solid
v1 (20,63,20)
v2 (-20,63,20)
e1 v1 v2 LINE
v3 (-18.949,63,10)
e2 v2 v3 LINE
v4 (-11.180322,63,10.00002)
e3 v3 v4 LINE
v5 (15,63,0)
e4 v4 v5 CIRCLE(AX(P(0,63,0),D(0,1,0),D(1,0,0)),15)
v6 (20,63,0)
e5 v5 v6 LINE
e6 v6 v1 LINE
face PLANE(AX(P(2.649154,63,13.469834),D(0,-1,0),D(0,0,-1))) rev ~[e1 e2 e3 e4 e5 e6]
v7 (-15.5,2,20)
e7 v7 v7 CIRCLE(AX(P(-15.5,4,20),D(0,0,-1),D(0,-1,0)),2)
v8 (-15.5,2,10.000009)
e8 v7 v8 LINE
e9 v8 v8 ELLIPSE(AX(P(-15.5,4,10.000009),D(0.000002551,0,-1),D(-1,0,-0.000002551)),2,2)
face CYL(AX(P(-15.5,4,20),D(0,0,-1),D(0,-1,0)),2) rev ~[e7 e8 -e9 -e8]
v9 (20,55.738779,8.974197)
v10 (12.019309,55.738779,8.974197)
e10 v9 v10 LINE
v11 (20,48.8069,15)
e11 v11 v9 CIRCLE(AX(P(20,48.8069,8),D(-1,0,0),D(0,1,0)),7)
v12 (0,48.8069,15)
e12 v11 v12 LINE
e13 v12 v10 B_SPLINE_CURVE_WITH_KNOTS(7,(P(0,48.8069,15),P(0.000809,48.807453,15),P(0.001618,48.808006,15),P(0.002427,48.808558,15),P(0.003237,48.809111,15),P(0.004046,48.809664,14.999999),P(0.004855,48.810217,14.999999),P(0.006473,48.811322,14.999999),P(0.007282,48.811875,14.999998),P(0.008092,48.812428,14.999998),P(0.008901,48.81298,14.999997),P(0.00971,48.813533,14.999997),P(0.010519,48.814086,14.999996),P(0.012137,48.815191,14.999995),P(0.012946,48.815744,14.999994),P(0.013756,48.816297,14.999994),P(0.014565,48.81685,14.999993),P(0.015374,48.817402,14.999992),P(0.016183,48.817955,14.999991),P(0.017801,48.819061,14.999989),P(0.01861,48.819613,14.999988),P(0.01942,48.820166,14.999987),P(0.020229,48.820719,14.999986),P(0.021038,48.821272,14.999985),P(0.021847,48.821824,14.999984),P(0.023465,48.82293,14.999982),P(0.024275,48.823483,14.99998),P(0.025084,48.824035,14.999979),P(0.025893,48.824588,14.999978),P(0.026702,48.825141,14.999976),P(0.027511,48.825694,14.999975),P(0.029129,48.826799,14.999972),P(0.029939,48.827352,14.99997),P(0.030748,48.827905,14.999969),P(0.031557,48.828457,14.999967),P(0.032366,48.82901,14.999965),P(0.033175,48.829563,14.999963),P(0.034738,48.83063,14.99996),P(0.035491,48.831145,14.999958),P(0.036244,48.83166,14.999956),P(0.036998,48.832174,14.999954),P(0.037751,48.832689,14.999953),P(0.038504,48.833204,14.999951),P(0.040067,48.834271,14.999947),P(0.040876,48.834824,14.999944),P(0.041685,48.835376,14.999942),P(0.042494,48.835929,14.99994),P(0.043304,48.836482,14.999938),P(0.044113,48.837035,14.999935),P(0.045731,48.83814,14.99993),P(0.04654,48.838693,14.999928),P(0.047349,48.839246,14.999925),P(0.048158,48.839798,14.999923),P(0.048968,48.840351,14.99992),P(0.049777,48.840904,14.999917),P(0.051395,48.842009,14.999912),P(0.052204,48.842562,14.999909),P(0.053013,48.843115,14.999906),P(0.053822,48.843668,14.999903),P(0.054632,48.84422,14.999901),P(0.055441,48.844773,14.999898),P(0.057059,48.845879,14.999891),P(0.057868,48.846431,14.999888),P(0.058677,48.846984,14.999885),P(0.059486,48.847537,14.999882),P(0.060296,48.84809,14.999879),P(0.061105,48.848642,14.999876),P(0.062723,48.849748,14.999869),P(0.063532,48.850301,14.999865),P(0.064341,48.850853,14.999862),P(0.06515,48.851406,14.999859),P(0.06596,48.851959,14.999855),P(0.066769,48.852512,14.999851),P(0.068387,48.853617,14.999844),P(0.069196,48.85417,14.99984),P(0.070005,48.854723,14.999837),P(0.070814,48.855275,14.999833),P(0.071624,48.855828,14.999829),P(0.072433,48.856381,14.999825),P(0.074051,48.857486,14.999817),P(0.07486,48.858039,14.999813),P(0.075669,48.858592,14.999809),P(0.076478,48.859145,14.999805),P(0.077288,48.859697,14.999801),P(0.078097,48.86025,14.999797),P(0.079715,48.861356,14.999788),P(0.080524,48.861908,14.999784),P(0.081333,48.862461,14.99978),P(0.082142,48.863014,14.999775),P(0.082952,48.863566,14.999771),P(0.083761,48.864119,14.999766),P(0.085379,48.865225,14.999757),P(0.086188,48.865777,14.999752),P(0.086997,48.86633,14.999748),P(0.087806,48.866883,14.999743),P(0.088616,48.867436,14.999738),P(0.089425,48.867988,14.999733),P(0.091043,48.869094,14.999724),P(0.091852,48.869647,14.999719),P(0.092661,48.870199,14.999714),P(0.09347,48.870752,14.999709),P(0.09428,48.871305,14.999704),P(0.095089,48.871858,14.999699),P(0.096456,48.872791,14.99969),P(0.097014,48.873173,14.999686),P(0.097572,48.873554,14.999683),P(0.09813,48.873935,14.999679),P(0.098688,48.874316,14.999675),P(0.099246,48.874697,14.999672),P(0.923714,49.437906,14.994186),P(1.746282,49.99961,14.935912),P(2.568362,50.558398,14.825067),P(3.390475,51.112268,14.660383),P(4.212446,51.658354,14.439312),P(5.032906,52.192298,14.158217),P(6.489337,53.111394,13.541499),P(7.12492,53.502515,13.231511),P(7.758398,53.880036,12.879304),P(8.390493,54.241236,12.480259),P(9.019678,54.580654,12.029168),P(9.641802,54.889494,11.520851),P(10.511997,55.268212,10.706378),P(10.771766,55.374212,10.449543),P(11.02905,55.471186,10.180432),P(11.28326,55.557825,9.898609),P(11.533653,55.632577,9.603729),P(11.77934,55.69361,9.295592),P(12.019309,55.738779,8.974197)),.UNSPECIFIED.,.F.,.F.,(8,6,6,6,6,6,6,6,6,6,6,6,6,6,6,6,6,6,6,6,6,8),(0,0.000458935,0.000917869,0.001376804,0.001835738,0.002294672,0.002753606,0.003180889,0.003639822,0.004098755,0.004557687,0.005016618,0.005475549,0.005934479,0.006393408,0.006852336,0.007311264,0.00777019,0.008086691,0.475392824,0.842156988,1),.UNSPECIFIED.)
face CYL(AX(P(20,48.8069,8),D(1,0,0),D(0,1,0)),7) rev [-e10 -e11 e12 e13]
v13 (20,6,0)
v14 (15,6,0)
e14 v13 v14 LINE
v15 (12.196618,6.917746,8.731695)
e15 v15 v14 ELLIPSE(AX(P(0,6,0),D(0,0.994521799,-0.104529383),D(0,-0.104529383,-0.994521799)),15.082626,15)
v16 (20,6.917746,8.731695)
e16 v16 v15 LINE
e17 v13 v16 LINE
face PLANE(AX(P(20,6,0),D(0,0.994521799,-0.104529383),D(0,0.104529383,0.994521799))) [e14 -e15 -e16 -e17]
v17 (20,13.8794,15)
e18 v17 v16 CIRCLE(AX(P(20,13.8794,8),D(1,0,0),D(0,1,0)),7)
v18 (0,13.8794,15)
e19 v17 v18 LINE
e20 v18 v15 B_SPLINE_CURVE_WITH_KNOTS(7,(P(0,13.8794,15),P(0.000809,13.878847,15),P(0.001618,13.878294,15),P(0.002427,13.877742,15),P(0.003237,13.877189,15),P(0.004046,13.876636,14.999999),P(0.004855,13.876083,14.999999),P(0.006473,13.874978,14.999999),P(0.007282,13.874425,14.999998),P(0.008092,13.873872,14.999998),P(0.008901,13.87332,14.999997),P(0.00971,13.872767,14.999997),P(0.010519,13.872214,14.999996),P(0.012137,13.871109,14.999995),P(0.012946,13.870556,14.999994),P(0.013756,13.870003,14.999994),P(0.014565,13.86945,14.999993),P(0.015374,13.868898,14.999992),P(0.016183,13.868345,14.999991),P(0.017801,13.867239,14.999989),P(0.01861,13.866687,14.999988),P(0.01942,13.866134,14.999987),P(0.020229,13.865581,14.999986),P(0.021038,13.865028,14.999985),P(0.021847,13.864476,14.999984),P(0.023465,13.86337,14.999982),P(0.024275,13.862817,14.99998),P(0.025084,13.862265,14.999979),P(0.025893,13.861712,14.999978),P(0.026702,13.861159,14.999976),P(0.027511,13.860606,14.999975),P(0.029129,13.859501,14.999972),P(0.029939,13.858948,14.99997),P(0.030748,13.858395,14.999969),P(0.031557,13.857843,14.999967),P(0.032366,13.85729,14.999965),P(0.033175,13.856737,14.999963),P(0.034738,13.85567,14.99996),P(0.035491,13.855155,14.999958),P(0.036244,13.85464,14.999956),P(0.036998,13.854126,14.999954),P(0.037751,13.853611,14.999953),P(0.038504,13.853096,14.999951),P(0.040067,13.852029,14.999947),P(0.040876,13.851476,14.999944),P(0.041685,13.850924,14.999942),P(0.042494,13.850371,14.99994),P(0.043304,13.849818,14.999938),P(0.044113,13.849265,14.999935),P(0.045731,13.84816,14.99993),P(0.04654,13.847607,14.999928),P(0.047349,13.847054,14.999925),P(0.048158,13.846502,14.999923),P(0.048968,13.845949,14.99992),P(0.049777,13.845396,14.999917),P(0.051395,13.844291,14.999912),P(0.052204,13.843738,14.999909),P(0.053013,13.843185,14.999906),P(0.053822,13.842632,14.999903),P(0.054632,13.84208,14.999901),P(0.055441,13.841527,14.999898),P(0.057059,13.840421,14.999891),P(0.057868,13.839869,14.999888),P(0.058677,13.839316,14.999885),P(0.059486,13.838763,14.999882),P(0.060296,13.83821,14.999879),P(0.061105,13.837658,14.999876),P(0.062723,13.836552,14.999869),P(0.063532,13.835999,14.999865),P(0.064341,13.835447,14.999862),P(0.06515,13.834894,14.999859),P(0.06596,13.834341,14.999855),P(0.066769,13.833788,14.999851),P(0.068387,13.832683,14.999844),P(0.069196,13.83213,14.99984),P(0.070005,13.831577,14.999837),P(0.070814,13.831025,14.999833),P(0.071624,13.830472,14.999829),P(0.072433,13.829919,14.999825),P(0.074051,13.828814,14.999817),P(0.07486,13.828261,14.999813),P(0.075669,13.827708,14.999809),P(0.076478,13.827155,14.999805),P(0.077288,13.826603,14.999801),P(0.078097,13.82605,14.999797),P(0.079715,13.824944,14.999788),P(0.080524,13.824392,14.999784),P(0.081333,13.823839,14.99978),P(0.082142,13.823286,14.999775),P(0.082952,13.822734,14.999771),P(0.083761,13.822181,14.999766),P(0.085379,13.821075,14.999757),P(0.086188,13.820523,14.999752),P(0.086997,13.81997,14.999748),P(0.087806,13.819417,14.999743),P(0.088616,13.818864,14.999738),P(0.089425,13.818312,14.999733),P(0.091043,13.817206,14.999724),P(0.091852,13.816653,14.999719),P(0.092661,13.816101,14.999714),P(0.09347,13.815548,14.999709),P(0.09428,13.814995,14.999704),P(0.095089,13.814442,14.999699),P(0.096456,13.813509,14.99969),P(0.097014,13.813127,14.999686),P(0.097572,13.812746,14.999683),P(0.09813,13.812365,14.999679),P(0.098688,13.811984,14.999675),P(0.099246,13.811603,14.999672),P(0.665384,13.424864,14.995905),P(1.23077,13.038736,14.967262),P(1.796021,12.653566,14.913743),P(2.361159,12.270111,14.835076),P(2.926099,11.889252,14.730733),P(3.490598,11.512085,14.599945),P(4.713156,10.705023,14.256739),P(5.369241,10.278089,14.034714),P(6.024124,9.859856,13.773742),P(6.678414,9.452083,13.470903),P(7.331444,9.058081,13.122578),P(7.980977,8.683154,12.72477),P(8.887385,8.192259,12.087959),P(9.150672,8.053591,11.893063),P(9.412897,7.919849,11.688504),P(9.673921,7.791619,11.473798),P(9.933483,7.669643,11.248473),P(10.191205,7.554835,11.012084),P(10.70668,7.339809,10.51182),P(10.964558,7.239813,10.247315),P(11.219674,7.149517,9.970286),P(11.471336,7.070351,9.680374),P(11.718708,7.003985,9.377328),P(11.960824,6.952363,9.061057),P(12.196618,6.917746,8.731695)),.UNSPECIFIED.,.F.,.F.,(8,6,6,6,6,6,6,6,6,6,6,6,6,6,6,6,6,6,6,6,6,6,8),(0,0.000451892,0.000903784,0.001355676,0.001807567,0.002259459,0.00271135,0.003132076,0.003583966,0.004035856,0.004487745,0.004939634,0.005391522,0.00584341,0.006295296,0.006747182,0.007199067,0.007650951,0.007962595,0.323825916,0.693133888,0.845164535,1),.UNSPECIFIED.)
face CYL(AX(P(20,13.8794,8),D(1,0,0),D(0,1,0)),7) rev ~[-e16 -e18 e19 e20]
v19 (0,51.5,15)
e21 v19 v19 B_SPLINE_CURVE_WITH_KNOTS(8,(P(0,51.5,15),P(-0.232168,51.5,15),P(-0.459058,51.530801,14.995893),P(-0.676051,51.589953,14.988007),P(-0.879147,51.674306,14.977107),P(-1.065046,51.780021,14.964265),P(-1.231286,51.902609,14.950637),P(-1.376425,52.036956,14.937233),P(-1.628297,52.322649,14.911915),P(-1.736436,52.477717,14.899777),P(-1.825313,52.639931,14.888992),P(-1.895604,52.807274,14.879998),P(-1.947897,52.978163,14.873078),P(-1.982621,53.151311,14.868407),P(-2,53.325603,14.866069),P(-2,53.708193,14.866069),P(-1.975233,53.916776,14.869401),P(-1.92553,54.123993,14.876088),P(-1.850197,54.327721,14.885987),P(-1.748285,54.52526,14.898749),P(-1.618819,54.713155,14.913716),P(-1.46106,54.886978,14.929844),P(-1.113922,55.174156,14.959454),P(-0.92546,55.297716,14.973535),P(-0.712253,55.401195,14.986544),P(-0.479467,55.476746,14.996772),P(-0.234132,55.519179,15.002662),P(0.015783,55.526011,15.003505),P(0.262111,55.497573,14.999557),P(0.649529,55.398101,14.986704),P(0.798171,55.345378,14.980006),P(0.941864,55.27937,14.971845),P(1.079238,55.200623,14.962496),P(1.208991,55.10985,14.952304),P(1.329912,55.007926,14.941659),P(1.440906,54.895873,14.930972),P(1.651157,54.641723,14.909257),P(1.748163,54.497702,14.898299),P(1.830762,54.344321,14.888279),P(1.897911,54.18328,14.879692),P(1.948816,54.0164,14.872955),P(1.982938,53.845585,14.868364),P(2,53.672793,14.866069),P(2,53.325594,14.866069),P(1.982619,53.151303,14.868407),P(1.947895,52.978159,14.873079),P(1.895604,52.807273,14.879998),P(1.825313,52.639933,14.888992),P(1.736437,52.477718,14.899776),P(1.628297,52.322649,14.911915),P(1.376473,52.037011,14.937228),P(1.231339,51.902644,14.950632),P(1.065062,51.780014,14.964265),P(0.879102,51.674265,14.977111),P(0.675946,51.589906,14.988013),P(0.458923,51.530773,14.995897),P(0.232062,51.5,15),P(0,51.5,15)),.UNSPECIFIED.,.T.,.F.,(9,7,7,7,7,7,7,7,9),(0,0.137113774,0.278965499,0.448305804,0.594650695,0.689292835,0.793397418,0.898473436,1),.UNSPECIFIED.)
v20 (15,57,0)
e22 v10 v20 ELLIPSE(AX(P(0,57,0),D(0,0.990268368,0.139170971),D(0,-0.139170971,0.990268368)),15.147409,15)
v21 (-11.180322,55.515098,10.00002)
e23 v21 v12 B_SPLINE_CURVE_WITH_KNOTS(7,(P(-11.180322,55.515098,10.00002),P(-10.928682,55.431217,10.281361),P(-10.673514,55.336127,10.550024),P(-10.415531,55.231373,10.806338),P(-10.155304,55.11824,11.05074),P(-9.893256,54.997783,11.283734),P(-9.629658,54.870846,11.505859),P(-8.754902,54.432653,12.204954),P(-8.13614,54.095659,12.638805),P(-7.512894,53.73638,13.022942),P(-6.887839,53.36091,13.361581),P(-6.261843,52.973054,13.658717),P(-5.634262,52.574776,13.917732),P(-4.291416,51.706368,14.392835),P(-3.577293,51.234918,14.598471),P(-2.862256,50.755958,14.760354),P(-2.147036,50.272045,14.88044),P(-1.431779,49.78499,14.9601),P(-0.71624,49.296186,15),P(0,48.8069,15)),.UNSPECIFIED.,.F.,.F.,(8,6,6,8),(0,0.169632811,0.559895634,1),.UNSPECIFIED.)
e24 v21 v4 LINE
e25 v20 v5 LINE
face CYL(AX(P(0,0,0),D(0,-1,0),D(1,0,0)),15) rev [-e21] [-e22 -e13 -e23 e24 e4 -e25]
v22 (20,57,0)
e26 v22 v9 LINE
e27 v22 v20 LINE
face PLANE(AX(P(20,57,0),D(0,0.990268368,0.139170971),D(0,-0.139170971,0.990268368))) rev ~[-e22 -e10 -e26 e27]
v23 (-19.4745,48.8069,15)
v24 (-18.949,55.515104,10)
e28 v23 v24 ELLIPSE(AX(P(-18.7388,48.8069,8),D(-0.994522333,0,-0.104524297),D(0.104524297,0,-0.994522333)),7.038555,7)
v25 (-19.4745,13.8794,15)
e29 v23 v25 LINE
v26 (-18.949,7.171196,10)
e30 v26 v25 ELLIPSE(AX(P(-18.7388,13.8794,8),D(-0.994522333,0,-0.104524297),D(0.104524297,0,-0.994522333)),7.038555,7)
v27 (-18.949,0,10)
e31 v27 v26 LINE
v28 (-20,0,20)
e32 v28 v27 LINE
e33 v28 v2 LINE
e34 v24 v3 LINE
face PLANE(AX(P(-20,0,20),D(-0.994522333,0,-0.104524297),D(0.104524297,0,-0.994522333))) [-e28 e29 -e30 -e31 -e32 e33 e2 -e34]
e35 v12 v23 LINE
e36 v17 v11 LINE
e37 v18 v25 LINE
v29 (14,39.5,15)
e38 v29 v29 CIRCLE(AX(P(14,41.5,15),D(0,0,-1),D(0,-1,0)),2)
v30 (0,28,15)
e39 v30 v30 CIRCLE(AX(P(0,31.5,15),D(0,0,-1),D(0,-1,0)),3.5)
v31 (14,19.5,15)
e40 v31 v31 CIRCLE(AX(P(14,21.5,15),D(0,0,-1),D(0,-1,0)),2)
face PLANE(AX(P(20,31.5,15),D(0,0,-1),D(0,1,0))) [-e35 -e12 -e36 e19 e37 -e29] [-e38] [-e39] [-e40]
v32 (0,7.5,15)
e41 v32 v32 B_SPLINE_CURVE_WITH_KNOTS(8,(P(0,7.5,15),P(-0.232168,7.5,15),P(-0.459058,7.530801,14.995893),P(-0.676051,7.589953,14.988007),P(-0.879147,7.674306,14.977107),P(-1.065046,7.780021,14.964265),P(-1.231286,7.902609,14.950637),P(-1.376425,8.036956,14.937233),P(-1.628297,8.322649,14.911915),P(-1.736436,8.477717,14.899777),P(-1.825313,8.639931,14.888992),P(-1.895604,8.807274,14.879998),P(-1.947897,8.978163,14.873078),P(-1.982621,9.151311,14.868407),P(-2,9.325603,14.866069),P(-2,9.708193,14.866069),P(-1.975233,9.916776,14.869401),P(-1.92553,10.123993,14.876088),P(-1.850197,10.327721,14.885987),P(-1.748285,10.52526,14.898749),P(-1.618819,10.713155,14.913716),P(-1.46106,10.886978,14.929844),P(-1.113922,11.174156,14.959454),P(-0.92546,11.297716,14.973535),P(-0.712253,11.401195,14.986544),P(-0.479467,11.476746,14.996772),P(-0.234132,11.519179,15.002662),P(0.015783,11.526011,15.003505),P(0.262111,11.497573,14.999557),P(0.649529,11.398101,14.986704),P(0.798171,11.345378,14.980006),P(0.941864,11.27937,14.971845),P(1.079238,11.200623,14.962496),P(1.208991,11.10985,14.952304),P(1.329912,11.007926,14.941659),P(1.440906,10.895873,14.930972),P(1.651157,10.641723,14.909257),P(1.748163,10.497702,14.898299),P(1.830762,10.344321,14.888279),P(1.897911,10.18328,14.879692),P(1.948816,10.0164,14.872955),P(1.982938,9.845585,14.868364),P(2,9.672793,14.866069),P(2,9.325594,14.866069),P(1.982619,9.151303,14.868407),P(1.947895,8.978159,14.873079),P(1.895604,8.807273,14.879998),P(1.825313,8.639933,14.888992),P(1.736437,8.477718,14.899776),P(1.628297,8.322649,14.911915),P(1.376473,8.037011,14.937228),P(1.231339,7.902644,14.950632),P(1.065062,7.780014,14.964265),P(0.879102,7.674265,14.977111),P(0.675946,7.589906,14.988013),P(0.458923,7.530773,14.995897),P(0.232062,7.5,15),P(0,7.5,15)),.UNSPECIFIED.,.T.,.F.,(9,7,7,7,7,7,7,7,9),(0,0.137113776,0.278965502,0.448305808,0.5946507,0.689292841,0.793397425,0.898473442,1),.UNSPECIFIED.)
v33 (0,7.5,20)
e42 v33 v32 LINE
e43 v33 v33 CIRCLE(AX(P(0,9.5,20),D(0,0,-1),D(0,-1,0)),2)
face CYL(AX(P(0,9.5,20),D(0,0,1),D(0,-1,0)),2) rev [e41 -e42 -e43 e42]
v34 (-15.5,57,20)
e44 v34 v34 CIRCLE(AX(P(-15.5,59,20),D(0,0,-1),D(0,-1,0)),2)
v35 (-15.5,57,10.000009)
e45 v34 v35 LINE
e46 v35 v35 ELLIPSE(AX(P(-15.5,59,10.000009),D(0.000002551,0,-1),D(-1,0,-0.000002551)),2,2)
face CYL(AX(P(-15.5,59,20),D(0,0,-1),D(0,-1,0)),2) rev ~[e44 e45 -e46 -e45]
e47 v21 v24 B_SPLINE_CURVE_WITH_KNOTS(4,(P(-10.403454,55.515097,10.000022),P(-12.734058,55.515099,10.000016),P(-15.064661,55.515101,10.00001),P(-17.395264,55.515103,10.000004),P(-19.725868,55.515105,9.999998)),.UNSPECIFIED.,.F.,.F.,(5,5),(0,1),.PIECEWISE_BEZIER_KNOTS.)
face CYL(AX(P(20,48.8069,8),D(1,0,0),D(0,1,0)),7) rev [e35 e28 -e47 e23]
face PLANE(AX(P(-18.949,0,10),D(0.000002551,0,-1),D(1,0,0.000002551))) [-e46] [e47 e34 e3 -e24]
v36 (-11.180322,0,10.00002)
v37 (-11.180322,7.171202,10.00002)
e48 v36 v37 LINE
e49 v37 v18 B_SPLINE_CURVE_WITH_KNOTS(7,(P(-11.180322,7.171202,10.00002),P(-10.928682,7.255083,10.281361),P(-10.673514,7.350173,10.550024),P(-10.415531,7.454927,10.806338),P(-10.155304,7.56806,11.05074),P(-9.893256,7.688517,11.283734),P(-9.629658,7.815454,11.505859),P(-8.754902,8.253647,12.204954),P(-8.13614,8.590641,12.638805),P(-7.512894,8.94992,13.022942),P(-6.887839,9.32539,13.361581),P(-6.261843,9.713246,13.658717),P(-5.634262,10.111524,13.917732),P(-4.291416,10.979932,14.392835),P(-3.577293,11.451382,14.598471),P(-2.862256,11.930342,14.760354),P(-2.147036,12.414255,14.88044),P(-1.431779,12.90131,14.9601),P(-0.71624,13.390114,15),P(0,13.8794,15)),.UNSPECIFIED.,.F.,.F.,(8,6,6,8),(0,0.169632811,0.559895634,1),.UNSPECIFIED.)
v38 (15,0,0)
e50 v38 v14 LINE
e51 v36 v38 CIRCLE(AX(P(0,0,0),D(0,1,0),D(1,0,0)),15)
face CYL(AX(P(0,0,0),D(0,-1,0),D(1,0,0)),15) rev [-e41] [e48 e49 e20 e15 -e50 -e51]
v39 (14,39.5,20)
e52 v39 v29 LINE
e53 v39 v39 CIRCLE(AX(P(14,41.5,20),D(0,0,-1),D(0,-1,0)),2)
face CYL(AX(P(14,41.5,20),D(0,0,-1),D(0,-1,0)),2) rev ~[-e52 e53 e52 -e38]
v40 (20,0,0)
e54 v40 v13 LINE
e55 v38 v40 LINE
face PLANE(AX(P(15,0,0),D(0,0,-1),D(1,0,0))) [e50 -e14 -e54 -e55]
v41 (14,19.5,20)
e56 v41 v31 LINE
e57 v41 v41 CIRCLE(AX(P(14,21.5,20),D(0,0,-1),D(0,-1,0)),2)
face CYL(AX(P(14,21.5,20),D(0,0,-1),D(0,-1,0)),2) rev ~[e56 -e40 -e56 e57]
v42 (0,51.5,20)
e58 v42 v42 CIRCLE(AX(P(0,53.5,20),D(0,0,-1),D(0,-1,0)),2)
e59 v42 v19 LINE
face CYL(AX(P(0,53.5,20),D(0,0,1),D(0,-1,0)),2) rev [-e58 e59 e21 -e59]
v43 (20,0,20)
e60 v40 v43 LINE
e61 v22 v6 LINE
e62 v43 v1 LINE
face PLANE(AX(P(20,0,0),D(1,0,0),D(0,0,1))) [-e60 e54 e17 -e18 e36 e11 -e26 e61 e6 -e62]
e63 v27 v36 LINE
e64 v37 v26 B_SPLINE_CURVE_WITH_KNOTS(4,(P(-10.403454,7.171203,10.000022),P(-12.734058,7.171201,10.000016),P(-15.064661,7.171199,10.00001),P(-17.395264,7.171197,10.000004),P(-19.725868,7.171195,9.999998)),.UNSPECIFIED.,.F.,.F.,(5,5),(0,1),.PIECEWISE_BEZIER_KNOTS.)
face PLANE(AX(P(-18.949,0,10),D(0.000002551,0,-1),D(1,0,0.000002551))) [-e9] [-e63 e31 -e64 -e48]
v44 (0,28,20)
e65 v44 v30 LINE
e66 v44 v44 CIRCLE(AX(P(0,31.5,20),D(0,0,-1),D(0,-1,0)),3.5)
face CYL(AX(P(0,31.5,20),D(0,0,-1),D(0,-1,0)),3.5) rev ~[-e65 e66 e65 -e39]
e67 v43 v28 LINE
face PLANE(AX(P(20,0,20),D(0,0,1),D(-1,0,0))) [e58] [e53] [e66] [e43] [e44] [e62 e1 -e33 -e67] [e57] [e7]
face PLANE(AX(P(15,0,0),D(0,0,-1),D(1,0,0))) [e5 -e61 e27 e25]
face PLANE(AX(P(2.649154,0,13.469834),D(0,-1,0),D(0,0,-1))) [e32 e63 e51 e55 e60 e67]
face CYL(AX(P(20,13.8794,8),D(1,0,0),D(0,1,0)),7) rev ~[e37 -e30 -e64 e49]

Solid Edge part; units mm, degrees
sketch "Sketch1" plane through (0, 0, 0) normal (0, -1, 0) x (1, 0, 0)
  line L0 (20, 20) -> (-20, 20)
  line L1 (-20, 20) -> (-18.949, 10)
  line L2 (-18.949, 10) -> (-11.1803, 10)
  line L3 (15, 0) -> (20, 0)
  line L4 (20, 0) -> (20, 20)
  arc A0 (-11.1803, 10) -> (15, 0) centre (0, 0) cw
extrude "Protrusion1" add sketch "Sketch1" against normal blind 63
sketch "Sketch2" plane through (20, 31.5, 10) normal (1, 0, 0) x (0, 1, 0)
  line L0 (31.5, -10) -> (25.5, -10)
  line L1 (25.5, -10) -> (24.2388, -1.0258)
  arc A0 (17.3069, 5) -> (24.2388, -1.0258) centre (17.3069, -2) cw
  line L2 (0, 5) -> (17.3069, 5)
  line L3 (0, 5) -> (-17.6206, 5)
  arc A1 (-17.6206, 5) -> (-24.5823, -1.2683) centre (-17.6206, -2) ccw
  line L4 (-25.5, -10) -> (-24.5823, -1.2683)
  line L5 (-31.5, -10) -> (-25.5, -10)
extrude "Recorte_Extrudado_1" cut sketch "Sketch2" against normal blind 40 material side at (20, 60, -0.05)
hole "Furo_1" at (14, 21.5, 20) direction (0, 0, -1) diameter 4 depth 10
hole "Hole1" at (14, 41.5, 20) direction (0, 0, -1) diameter 4 depth 10
hole "Hole2" at (-15.5, 4, 20) direction (0, 0, -1) diameter 4 depth 10
hole "Hole3" at (-15.5, 59, 20) direction (0, 0, -1) diameter 4 depth 10
hole "Furo_8" at (0, 31.5, 20) direction (0, 0, -1) diameter 7 depth 10
hole "Furo_9" at (0, 9.5, 20) direction (0, 0, -1) diameter 4 end up to next
hole "Hole4" at (0, 53.5, 20) direction (0, 0, -1) diameter 4 end up to next
properties material "PVC"
